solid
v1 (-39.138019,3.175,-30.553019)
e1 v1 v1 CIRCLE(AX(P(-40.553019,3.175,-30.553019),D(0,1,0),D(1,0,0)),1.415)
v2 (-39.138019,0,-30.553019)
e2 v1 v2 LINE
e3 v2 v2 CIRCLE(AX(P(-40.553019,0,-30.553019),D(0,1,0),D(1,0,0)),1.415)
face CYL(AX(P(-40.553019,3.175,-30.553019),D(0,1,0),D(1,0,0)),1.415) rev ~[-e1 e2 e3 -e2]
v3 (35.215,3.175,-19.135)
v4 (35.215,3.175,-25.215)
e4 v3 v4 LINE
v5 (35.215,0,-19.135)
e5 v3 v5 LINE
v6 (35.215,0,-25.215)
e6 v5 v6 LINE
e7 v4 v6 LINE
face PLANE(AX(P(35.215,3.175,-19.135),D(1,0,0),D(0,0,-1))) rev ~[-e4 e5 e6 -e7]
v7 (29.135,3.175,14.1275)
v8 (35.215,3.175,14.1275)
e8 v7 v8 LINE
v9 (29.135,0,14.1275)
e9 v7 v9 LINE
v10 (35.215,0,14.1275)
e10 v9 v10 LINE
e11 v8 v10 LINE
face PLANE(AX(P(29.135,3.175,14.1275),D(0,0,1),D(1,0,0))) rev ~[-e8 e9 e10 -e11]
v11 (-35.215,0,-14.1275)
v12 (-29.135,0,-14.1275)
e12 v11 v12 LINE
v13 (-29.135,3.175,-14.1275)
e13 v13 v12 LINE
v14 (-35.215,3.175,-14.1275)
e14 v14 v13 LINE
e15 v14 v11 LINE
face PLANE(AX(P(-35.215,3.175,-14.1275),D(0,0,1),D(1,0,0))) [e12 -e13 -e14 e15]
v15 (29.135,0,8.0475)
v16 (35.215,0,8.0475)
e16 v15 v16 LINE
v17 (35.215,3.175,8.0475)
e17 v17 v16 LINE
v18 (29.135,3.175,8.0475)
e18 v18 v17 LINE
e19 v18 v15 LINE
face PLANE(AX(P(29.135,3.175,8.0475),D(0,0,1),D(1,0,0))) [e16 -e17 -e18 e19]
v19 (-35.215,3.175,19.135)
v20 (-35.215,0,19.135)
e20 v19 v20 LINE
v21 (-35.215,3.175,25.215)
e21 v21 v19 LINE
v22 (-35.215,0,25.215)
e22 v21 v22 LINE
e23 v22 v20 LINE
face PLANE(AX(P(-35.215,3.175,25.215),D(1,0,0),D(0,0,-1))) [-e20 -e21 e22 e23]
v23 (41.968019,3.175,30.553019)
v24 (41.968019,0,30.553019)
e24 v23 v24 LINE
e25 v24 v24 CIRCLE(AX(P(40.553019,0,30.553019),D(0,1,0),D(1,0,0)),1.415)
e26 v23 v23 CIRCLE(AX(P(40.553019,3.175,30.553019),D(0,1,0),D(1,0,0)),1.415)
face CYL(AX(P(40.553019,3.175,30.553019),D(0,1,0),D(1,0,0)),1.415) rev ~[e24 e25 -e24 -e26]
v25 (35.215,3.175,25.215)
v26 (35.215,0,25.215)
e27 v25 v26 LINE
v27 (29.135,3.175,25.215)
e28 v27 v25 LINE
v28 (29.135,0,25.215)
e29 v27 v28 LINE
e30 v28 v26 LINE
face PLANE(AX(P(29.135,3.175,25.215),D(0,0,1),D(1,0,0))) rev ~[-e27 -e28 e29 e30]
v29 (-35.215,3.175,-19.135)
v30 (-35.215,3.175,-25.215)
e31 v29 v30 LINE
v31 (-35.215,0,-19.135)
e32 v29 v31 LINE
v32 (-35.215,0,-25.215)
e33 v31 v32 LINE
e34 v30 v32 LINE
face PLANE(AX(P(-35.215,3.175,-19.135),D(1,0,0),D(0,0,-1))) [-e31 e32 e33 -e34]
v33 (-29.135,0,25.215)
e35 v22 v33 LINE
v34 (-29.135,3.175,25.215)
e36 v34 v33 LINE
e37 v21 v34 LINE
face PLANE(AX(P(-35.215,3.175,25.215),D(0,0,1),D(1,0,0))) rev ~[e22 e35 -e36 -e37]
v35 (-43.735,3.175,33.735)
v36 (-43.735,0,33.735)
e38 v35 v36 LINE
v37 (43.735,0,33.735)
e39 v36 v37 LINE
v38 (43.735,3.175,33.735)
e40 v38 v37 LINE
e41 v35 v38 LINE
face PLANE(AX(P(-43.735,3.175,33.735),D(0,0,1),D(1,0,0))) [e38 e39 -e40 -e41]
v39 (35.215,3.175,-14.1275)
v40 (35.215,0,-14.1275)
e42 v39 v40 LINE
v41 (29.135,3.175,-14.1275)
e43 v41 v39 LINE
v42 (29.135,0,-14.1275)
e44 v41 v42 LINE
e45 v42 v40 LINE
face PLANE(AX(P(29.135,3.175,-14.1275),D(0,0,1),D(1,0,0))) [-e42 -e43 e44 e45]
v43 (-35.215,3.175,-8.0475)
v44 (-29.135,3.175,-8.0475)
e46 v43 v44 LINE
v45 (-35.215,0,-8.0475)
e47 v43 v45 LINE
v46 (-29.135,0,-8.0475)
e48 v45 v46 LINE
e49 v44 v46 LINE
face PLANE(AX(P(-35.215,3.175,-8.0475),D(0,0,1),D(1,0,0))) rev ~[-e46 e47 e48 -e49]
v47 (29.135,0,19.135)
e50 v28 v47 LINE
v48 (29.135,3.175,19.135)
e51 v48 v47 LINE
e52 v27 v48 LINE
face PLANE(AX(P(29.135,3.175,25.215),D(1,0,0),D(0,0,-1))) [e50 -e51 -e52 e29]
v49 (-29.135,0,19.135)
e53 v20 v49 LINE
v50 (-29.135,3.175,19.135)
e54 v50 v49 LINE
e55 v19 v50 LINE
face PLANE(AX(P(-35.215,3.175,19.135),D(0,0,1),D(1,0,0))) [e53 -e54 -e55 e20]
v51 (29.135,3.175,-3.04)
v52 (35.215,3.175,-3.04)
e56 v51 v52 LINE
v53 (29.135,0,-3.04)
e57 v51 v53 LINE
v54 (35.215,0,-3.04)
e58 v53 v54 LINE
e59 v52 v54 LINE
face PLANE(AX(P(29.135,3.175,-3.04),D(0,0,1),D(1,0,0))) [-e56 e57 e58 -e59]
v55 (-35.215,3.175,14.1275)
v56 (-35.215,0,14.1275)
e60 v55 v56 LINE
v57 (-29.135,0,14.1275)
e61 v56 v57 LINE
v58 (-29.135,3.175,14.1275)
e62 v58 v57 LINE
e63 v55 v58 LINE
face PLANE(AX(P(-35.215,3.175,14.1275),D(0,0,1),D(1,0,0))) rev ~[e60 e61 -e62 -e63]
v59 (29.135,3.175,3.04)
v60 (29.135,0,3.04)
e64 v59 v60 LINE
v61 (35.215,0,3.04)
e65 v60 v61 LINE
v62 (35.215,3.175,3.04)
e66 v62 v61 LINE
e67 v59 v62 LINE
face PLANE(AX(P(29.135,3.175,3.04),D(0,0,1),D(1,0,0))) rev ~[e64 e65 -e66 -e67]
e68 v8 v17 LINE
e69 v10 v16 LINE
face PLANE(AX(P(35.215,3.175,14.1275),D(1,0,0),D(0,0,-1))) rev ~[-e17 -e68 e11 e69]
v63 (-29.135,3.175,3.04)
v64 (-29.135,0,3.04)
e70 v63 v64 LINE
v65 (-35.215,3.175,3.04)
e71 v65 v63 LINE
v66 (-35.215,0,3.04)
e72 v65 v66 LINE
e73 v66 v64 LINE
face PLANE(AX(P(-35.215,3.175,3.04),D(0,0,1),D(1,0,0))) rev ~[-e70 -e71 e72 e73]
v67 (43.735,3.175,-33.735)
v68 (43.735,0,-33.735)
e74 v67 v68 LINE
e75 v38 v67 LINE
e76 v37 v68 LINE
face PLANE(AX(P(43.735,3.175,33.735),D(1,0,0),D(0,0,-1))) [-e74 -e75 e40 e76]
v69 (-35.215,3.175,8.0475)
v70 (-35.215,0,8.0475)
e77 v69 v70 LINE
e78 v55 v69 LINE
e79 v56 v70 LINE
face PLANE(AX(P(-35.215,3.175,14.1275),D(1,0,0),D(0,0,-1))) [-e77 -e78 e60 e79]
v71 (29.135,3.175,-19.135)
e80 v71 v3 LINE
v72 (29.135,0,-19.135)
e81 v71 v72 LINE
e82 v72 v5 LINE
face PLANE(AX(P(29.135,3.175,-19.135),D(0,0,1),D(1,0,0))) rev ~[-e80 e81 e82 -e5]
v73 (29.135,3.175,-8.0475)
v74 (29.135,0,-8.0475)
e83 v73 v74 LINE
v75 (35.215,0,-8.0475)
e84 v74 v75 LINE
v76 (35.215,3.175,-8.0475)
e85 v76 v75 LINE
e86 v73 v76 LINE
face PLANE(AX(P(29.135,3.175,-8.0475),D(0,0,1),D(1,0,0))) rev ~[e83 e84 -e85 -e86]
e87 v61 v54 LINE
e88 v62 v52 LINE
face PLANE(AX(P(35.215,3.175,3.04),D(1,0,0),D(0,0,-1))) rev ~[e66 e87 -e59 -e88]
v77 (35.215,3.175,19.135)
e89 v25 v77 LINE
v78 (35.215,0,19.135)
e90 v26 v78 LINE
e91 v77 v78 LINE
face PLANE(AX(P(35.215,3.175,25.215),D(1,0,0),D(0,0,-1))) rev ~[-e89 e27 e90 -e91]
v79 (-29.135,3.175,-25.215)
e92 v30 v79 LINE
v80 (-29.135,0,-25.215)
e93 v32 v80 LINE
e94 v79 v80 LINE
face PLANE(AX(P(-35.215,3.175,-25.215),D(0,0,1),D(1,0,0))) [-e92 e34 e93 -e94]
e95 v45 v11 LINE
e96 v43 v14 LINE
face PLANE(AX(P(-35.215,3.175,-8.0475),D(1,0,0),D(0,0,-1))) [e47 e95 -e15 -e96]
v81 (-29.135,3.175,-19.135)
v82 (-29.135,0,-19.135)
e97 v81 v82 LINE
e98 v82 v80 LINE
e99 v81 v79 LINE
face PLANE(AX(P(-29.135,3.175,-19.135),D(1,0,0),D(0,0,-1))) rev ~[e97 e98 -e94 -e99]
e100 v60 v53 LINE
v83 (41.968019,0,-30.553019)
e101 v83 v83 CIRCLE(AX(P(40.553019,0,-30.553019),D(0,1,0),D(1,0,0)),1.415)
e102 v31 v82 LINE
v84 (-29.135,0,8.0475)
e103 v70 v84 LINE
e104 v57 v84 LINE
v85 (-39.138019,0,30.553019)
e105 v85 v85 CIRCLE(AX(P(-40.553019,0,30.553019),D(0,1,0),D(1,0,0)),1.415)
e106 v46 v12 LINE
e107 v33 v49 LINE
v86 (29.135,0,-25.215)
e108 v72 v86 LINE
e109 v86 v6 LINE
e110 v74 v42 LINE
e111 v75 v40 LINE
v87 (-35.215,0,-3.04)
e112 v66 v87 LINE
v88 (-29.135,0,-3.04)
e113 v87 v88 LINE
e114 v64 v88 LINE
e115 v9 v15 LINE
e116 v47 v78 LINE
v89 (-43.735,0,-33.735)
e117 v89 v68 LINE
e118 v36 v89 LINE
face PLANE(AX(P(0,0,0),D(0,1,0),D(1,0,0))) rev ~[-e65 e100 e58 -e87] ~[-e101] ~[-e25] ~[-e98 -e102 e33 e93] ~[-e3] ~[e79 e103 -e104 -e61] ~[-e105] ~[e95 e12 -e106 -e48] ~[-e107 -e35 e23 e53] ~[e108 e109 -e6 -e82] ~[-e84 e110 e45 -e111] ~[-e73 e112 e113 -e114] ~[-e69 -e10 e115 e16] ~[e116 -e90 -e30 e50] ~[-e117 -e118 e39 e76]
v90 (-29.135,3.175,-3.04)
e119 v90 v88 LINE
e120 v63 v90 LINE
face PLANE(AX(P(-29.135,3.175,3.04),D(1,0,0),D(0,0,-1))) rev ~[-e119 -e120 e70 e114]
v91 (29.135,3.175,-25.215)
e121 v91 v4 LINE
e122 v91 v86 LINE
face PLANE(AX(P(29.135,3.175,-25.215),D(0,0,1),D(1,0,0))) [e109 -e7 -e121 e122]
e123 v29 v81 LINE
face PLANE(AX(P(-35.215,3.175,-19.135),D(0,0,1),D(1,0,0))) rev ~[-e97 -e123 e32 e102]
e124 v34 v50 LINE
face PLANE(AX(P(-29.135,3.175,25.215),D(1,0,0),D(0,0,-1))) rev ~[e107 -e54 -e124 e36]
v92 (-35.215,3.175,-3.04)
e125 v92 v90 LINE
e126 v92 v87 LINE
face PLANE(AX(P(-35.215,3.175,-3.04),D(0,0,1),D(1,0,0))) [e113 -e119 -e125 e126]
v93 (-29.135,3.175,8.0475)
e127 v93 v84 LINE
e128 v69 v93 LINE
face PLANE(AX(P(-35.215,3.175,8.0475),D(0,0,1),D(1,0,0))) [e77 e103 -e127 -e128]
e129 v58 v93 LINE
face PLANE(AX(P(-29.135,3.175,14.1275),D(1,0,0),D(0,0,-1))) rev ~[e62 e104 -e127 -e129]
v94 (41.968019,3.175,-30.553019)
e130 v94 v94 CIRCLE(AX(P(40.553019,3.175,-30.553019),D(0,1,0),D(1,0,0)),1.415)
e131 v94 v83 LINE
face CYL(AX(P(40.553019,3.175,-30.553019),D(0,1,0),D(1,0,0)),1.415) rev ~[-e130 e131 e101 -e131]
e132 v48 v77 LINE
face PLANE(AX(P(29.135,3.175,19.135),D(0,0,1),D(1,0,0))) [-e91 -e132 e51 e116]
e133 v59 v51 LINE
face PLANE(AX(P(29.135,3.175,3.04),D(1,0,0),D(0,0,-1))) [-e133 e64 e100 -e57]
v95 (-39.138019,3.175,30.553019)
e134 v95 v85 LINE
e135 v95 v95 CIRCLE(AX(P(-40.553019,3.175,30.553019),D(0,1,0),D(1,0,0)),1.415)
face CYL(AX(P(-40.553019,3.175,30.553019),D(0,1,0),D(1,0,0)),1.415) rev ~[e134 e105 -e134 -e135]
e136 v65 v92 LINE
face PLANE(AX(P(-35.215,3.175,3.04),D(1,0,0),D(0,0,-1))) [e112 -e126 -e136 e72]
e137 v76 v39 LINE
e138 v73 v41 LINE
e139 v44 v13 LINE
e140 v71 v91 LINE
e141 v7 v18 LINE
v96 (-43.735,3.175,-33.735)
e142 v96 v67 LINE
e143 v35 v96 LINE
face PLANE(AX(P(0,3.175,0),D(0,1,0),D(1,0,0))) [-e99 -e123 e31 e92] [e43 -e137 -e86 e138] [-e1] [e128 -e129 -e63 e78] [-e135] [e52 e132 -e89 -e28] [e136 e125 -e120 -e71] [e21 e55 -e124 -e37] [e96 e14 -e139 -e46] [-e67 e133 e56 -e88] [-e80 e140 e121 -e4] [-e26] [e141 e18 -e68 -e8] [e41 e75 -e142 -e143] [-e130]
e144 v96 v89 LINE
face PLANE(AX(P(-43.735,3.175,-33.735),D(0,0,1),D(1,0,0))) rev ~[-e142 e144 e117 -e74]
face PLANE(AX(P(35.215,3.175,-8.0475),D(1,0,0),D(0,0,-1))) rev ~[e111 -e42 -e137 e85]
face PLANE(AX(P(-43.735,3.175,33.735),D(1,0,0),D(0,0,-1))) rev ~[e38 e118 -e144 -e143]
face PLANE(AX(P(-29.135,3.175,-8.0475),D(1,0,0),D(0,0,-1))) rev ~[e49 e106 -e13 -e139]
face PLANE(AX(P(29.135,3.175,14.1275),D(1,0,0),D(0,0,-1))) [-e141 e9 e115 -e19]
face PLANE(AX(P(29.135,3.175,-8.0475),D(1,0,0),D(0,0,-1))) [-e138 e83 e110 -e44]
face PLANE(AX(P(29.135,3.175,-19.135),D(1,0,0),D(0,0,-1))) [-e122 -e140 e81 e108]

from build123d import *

# Parameters (mm, degrees)
SKETCH1_W           = 100.17
SKETCH1_H           = 80.17
BOSS_EXTRUDE1_DEPTH = 3.175
SKETCH2_W           = 6.08
SKETCH2_H           = 6.08
CUT_EXTRUDE2_DEPTH  = 4.175
LPATTERN1_COUNT     = 5
LPATTERN1_PITCH     = 11.0875
SKETCH5_W           = 107.47
SKETCH5_H           = 87.47
SKETCH5_W_2         = 87.47
SKETCH5_H_2         = 67.47
CUT_EXTRUDE4_DEPTH  = 10
SKETCH6_R           = 1.415
CUT_EXTRUDE5_DEPTH  = 10


with BuildPart() as part:
    # Sketch1 → Boss-Extrude1 (new body)
    with BuildSketch(Plane(origin=(0, 0, 0), x_dir=(1, 0, 0), z_dir=(0, 1, 0))):
        Rectangle(SKETCH1_W, SKETCH1_H)
    extrude(amount=BOSS_EXTRUDE1_DEPTH)

    # Sketch2 → Cut-Extrude2 (cut, through all)
    with BuildSketch(Plane(origin=(0, 3.175, 0), x_dir=(1, 0, 0), z_dir=(0, 1, 0))):
        with Locations((-32.175, 22.175)):
            Rectangle(SKETCH2_W, SKETCH2_H)
        with Locations((32.175, 22.175)):
            Rectangle(SKETCH2_W, SKETCH2_H)
    cut_extrude2 = extrude(amount=-CUT_EXTRUDE2_DEPTH, mode=Mode.SUBTRACT)

    # LPattern1: Cut-Extrude2 ×5
    with Locations(*[(0, 0, i * LPATTERN1_PITCH) for i in range(1, LPATTERN1_COUNT)]):
        add(cut_extrude2, mode=Mode.SUBTRACT)

    # Sketch5 → Cut-Extrude4 (cut)
    with BuildSketch(Plane(origin=(0, 3.175, 0), x_dir=(1, 0, 0), z_dir=(0, 1, 0))):
        Rectangle(SKETCH5_W, SKETCH5_H)
        Rectangle(SKETCH5_W_2, SKETCH5_H_2, mode=Mode.SUBTRACT)
    extrude(amount=-CUT_EXTRUDE4_DEPTH, mode=Mode.SUBTRACT)

    # Sketch6 → Cut-Extrude5 (cut)
    with BuildSketch(Plane(origin=(0, 3.175, 0), x_dir=(1, 0, 0), z_dir=(0, 1, 0))):
        with Locations((-40.553019485, 30.553019485)):
            Circle(SKETCH6_R)
        with Locations((-40.553019485, -30.553019485)):
            Circle(SKETCH6_R)
        with Locations((40.553019485, -30.553019485)):
            Circle(SKETCH6_R)
        with Locations((40.553019485, 30.553019485)):
            Circle(SKETCH6_R)
    extrude(amount=-CUT_EXTRUDE5_DEPTH, mode=Mode.SUBTRACT)


solid = part.part
